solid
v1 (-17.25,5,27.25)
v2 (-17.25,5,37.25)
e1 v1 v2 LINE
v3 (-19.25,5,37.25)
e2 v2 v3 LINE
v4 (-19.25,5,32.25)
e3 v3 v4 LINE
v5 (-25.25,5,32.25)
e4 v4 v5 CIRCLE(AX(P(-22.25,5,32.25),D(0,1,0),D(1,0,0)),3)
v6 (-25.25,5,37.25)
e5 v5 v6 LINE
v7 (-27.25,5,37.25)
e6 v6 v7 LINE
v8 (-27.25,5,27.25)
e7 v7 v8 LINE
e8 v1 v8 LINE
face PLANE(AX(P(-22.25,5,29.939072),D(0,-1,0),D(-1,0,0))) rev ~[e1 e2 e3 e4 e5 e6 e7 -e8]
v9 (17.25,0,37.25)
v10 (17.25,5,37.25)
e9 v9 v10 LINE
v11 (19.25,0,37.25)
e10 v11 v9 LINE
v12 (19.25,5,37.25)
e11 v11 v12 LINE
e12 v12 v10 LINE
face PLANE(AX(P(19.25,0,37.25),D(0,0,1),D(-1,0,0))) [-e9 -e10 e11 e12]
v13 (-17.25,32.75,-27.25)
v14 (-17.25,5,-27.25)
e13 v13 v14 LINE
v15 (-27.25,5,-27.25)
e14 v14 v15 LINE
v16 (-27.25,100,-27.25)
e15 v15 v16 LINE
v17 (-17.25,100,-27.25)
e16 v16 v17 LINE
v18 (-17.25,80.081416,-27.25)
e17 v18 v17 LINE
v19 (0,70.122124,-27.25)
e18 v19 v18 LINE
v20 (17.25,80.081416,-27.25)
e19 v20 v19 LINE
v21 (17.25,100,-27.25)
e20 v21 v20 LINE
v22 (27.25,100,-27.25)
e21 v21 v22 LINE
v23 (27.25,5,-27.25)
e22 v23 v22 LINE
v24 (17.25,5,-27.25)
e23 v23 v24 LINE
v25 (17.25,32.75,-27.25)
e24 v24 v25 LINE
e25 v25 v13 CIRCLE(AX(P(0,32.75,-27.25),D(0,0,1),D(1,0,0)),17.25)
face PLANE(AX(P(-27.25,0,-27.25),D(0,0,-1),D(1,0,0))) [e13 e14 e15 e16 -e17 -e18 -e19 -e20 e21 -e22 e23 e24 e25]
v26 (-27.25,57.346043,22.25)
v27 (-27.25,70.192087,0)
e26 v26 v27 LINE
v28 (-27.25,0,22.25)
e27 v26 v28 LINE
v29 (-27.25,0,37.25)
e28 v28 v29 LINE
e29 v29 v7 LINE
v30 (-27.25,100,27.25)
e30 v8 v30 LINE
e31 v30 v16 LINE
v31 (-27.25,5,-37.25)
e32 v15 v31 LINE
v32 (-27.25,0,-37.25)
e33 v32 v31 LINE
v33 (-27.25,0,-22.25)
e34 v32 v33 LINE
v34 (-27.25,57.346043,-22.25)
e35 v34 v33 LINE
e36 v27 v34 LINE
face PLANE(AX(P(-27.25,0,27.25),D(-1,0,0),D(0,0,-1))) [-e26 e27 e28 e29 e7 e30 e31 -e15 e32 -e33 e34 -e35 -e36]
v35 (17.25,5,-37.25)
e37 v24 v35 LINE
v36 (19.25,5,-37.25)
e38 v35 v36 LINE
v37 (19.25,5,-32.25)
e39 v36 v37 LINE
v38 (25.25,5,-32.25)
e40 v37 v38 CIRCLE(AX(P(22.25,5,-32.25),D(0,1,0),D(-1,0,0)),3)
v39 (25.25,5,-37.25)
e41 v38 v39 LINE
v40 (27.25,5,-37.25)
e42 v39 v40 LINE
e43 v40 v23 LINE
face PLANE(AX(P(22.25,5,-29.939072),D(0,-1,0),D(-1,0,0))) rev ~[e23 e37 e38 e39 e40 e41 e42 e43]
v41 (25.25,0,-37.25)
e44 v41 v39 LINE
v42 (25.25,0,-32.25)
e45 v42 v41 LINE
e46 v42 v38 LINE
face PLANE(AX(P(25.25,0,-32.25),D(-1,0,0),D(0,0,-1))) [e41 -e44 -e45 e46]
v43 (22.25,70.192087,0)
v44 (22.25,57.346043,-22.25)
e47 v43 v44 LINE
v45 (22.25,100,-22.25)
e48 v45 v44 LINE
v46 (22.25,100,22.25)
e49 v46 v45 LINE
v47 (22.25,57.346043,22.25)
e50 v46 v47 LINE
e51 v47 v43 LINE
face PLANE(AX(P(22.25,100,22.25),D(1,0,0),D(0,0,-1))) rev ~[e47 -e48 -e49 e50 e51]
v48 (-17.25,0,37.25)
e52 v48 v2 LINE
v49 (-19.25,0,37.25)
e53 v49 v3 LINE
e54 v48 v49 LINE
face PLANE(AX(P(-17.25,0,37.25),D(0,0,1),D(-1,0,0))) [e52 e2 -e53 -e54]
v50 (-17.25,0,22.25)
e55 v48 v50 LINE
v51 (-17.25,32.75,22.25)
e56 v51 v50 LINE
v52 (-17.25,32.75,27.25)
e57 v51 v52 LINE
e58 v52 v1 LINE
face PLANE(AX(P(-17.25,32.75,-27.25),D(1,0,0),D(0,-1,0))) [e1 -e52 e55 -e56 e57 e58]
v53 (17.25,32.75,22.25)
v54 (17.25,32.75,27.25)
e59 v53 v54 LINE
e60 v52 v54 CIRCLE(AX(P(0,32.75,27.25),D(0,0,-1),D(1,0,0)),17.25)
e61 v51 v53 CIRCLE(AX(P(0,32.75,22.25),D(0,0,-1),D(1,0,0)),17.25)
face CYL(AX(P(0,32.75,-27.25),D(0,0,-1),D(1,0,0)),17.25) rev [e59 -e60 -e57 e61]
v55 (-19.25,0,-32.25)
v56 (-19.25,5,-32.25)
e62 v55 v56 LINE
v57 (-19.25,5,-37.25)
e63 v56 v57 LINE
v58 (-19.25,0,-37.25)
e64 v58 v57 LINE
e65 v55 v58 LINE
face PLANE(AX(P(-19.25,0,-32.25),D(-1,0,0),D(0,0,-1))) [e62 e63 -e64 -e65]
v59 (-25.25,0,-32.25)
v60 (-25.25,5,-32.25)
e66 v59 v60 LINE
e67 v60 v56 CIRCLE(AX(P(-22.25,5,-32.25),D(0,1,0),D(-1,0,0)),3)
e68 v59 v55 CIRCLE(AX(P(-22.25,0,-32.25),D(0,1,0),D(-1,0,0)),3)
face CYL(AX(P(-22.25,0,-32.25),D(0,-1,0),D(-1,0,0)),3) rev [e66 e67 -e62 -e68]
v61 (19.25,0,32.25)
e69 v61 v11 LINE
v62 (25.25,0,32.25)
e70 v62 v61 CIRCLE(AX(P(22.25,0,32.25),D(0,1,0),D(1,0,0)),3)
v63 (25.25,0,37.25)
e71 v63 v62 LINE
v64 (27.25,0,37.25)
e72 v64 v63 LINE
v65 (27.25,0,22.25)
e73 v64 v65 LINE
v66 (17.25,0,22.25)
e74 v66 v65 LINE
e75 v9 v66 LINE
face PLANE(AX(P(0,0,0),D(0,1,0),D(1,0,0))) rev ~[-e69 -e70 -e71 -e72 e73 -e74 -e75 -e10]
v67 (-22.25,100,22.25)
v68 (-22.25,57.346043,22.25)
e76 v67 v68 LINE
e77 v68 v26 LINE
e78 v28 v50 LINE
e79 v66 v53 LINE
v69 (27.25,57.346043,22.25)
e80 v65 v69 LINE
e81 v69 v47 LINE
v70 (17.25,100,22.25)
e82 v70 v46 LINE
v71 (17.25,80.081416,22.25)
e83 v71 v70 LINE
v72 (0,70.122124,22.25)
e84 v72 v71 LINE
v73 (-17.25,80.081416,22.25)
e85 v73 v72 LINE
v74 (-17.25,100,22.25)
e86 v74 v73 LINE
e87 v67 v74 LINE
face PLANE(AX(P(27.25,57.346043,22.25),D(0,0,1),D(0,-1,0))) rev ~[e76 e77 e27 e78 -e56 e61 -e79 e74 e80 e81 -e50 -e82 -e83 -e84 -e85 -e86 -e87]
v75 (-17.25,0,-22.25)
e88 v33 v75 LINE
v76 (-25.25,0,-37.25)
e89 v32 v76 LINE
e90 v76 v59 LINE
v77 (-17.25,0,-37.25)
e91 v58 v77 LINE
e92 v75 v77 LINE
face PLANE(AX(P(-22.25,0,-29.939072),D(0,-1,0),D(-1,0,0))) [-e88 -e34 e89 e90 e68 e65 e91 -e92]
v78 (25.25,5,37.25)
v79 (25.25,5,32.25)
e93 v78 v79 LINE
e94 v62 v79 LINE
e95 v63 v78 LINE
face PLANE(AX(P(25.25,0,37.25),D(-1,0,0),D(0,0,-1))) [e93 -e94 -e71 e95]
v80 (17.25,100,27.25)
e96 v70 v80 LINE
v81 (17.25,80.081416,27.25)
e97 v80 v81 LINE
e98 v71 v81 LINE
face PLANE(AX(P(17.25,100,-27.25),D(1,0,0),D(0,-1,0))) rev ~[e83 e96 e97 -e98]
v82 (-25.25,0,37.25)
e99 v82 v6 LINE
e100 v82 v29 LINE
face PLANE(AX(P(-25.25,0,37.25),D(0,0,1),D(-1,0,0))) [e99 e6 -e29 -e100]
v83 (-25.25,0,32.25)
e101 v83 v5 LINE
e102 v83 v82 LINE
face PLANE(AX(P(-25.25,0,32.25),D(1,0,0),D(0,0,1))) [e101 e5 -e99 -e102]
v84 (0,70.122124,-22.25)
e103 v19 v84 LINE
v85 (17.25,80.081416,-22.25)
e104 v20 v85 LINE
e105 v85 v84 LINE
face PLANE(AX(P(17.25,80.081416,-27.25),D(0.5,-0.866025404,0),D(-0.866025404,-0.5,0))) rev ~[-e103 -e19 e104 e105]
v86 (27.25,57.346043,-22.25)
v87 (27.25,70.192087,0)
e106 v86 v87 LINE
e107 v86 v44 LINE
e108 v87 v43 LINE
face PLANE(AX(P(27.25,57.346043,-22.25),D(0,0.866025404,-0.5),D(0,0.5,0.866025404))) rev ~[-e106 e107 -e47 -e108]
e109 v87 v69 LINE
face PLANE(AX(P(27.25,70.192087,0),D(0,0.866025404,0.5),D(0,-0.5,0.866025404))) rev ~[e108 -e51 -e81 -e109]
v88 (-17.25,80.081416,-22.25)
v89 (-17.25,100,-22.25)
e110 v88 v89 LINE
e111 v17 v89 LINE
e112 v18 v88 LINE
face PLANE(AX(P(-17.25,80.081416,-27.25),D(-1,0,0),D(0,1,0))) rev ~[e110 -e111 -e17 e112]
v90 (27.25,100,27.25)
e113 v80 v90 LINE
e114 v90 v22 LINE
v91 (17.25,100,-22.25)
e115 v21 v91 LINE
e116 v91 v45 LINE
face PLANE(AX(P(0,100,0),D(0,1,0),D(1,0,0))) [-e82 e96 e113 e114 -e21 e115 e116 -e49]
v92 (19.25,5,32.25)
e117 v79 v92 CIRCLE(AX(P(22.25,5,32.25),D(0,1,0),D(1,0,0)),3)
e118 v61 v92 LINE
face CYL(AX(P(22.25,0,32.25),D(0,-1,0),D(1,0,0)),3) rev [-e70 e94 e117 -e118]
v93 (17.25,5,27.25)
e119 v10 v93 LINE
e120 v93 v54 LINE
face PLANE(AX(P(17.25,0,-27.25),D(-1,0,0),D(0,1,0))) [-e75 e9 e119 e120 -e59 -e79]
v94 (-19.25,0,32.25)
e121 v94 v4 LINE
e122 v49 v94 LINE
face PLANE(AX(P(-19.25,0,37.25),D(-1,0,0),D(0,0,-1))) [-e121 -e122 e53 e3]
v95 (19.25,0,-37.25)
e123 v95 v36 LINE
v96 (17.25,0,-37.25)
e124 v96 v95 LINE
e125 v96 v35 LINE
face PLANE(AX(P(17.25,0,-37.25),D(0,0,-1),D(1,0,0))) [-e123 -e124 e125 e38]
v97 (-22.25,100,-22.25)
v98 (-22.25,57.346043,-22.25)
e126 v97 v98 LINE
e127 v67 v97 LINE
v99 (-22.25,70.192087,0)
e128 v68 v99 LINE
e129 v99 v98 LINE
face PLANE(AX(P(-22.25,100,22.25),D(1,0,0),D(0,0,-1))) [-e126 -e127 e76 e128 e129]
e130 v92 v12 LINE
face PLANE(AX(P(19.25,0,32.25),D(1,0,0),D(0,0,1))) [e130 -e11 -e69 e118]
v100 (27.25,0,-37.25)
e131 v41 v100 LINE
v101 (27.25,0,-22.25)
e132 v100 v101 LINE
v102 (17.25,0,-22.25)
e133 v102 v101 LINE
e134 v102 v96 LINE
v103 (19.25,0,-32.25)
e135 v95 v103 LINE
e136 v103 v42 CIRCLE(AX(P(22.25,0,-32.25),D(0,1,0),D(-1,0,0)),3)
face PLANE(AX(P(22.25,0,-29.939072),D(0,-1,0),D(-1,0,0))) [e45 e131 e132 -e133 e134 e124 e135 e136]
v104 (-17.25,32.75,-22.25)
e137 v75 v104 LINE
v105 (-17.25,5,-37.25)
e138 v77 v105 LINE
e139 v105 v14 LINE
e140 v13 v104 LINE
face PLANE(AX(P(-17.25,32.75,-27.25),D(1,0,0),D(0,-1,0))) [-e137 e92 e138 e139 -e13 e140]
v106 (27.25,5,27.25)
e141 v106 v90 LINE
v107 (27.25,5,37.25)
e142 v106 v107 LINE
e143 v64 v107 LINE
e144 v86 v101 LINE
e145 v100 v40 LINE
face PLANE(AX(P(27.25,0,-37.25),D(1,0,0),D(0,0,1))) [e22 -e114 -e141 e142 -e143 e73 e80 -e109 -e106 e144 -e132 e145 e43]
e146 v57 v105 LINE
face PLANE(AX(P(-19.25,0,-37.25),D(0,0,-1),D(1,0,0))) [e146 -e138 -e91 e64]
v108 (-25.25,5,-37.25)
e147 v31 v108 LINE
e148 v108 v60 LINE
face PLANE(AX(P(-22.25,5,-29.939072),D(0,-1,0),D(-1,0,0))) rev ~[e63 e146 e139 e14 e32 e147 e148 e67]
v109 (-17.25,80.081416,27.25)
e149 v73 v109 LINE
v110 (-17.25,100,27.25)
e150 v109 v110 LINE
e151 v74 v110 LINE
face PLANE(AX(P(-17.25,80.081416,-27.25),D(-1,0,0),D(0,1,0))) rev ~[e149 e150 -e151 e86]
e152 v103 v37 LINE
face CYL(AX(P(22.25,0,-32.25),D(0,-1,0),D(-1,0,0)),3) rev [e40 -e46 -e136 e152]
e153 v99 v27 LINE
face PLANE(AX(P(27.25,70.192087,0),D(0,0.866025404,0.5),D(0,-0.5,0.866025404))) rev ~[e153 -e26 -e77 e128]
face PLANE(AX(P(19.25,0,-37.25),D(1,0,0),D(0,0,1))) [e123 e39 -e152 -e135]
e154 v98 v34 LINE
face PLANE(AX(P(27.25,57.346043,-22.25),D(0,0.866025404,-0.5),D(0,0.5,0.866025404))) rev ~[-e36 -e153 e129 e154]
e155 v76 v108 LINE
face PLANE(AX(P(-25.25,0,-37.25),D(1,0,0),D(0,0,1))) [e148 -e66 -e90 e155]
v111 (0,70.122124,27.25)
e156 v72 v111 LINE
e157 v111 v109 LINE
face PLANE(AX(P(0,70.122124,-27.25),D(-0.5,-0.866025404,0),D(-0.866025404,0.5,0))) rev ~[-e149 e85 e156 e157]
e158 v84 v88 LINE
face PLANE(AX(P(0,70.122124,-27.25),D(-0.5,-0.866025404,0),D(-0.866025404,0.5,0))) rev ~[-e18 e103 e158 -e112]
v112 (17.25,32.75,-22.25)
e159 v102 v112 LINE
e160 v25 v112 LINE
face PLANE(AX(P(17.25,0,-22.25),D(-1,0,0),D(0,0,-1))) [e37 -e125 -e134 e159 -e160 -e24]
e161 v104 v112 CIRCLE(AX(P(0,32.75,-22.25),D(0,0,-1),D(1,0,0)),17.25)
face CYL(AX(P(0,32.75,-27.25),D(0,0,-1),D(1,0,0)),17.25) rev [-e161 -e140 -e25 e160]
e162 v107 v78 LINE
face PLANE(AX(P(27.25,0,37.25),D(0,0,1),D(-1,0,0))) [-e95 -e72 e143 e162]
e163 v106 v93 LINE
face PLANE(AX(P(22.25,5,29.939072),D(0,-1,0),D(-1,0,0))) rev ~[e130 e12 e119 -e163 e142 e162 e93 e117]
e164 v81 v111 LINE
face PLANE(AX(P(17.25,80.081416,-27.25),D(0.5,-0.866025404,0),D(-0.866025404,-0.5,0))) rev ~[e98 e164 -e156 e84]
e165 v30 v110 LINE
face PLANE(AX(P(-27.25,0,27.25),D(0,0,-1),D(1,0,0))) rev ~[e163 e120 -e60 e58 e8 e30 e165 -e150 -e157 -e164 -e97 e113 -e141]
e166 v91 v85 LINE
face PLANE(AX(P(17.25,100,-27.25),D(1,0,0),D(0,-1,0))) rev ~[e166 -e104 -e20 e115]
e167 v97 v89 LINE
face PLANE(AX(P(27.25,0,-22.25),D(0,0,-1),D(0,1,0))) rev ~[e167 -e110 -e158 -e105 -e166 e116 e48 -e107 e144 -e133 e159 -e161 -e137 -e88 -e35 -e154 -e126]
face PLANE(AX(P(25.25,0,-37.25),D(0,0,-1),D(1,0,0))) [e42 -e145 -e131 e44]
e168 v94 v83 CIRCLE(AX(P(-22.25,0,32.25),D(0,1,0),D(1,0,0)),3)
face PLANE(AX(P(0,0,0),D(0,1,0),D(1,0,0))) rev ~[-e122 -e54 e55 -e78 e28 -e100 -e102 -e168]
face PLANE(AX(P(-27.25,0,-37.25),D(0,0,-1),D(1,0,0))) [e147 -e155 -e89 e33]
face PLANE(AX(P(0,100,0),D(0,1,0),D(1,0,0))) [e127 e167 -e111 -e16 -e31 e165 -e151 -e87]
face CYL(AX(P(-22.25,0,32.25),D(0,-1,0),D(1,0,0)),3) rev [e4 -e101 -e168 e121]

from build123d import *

# Parameters (mm, degrees)
ESQUISSE1_W             = 54.5
ESQUISSE1_H             = 54.5
BOSS_EXTRU_1_DEPTH      = 100
ENL_V_MAT_EXTRU_1_DEPTH = 55.5
ESQUISSE4_W             = 44.5
ESQUISSE4_H             = 44.5
ENL_V_MAT_EXTRU_3_DEPTH = 101
ENL_V_MAT_EXTRU_7_DEPTH = 55.5
BOSS_EXTRU_2_DEPTH      = 5


with BuildPart() as part:
    # Esquisse1 → Boss.-Extru.1 (new body)
    with BuildSketch(Plane(origin=(0, 0, 0), x_dir=(1, 0, 0), z_dir=(0, 1, 0))):
        Rectangle(ESQUISSE1_W, ESQUISSE1_H)
    extrude(amount=BOSS_EXTRU_1_DEPTH)

    # Esquisse2 → Enlèv. mat.-Extru.1 (cut, through all)
    with BuildSketch(Plane(origin=(27.25, 0, 0), x_dir=(0, 0, -1), z_dir=(1, 0, 0))):
        Polygon((-22.25, 0), (22.25, 0), (22.25, 44.5), (22.25, 57.346043489), (0, 70.192086979), (-22.25, 57.346043489), (-22.25, 44.5), align=None)
    extrude(amount=-ENL_V_MAT_EXTRU_1_DEPTH, mode=Mode.SUBTRACT)

    # Esquisse4 → Enlèv. mat.-Extru.3 (cut, through all)
    with BuildSketch(Plane(origin=(0, 100, 0), x_dir=(1, 0, 0), z_dir=(0, 1, 0))):
        Rectangle(ESQUISSE4_W, ESQUISSE4_H)
    extrude(amount=-ENL_V_MAT_EXTRU_3_DEPTH, mode=Mode.SUBTRACT)

    # Esquisse6 → Enlèv. mat.-Extru.7 (cut, through all)
    with BuildSketch(Plane(origin=(0, 0, -27.25), x_dir=(-1, 0, 0), z_dir=(0, 0, -1))):
        Polygon((0, 109.959292144), (-17.25, 100), (-17.25, 80.081415713), (0, 70.122123569), (17.25, 80.081415713), (17.25, 100), align=None)
        with BuildLine():
            Line((17.25, 0), (-17.25, 0))
            Line((-17.25, 0), (-17.25, 32.75))
            ThreePointArc((-17.25, 32.75), (0, 50), (17.25, 32.75))
            Line((17.25, 32.75), (17.25, 0))
        make_face()
    extrude(amount=-ENL_V_MAT_EXTRU_7_DEPTH, mode=Mode.SUBTRACT)

    # Esquisse11 → Boss.-Extru.2 (add)
    with BuildSketch(Plane(origin=(0, 0, 0), x_dir=(1, 0, 0), z_dir=(0, 1, 0))):
        with BuildLine():
            Line((19.25, 37.25), (19.25, 32.25))
            ThreePointArc((19.25, 32.25), (22.25, 29.25), (25.25, 32.25))
            Line((25.25, 32.25), (25.25, 37.25))
            Line((25.25, 37.25), (27.25, 37.25))
            Line((27.25, 37.25), (27.25, 22.25))
            Line((27.25, 22.25), (17.25, 22.25))
            Line((17.25, 22.25), (17.25, 37.25))
            Line((17.25, 37.25), (19.25, 37.25))
        make_face()
        with BuildLine():
            Line((-17.25, 22.25), (-27.25, 22.25))
            Line((-27.25, 22.25), (-27.25, 37.25))
            Line((-27.25, 37.25), (-25.25, 37.25))
            Line((-25.25, 37.25), (-25.25, 32.25))
            ThreePointArc((-25.25, 32.25), (-22.25, 29.25), (-19.25, 32.25))
            Line((-19.25, 32.25), (-19.25, 37.25))
            Line((-19.25, 37.25), (-17.25, 37.25))
            Line((-17.25, 37.25), (-17.25, 22.25))
        make_face()
        with BuildLine():
            Line((17.25, -22.25), (27.25, -22.25))
            Line((27.25, -22.25), (27.25, -37.25))
            Line((27.25, -37.25), (25.25, -37.25))
            Line((25.25, -37.25), (25.25, -32.25))
            ThreePointArc((25.25, -32.25), (22.25, -29.25), (19.25, -32.25))
            Line((19.25, -32.25), (19.25, -37.25))
            Line((19.25, -37.25), (17.25, -37.25))
            Line((17.25, -37.25), (17.25, -22.25))
        make_face()
        with BuildLine():
            Line((-19.25, -37.25), (-19.25, -32.25))
            ThreePointArc((-19.25, -32.25), (-22.25, -29.25), (-25.25, -32.25))
            Line((-25.25, -32.25), (-25.25, -37.25))
            Line((-25.25, -37.25), (-27.25, -37.25))
            Line((-27.25, -37.25), (-27.25, -22.25))
            Line((-27.25, -22.25), (-17.25, -22.25))
            Line((-17.25, -22.25), (-17.25, -37.25))
            Line((-17.25, -37.25), (-19.25, -37.25))
        make_face()
    extrude(amount=BOSS_EXTRU_2_DEPTH)


solid = part.part
